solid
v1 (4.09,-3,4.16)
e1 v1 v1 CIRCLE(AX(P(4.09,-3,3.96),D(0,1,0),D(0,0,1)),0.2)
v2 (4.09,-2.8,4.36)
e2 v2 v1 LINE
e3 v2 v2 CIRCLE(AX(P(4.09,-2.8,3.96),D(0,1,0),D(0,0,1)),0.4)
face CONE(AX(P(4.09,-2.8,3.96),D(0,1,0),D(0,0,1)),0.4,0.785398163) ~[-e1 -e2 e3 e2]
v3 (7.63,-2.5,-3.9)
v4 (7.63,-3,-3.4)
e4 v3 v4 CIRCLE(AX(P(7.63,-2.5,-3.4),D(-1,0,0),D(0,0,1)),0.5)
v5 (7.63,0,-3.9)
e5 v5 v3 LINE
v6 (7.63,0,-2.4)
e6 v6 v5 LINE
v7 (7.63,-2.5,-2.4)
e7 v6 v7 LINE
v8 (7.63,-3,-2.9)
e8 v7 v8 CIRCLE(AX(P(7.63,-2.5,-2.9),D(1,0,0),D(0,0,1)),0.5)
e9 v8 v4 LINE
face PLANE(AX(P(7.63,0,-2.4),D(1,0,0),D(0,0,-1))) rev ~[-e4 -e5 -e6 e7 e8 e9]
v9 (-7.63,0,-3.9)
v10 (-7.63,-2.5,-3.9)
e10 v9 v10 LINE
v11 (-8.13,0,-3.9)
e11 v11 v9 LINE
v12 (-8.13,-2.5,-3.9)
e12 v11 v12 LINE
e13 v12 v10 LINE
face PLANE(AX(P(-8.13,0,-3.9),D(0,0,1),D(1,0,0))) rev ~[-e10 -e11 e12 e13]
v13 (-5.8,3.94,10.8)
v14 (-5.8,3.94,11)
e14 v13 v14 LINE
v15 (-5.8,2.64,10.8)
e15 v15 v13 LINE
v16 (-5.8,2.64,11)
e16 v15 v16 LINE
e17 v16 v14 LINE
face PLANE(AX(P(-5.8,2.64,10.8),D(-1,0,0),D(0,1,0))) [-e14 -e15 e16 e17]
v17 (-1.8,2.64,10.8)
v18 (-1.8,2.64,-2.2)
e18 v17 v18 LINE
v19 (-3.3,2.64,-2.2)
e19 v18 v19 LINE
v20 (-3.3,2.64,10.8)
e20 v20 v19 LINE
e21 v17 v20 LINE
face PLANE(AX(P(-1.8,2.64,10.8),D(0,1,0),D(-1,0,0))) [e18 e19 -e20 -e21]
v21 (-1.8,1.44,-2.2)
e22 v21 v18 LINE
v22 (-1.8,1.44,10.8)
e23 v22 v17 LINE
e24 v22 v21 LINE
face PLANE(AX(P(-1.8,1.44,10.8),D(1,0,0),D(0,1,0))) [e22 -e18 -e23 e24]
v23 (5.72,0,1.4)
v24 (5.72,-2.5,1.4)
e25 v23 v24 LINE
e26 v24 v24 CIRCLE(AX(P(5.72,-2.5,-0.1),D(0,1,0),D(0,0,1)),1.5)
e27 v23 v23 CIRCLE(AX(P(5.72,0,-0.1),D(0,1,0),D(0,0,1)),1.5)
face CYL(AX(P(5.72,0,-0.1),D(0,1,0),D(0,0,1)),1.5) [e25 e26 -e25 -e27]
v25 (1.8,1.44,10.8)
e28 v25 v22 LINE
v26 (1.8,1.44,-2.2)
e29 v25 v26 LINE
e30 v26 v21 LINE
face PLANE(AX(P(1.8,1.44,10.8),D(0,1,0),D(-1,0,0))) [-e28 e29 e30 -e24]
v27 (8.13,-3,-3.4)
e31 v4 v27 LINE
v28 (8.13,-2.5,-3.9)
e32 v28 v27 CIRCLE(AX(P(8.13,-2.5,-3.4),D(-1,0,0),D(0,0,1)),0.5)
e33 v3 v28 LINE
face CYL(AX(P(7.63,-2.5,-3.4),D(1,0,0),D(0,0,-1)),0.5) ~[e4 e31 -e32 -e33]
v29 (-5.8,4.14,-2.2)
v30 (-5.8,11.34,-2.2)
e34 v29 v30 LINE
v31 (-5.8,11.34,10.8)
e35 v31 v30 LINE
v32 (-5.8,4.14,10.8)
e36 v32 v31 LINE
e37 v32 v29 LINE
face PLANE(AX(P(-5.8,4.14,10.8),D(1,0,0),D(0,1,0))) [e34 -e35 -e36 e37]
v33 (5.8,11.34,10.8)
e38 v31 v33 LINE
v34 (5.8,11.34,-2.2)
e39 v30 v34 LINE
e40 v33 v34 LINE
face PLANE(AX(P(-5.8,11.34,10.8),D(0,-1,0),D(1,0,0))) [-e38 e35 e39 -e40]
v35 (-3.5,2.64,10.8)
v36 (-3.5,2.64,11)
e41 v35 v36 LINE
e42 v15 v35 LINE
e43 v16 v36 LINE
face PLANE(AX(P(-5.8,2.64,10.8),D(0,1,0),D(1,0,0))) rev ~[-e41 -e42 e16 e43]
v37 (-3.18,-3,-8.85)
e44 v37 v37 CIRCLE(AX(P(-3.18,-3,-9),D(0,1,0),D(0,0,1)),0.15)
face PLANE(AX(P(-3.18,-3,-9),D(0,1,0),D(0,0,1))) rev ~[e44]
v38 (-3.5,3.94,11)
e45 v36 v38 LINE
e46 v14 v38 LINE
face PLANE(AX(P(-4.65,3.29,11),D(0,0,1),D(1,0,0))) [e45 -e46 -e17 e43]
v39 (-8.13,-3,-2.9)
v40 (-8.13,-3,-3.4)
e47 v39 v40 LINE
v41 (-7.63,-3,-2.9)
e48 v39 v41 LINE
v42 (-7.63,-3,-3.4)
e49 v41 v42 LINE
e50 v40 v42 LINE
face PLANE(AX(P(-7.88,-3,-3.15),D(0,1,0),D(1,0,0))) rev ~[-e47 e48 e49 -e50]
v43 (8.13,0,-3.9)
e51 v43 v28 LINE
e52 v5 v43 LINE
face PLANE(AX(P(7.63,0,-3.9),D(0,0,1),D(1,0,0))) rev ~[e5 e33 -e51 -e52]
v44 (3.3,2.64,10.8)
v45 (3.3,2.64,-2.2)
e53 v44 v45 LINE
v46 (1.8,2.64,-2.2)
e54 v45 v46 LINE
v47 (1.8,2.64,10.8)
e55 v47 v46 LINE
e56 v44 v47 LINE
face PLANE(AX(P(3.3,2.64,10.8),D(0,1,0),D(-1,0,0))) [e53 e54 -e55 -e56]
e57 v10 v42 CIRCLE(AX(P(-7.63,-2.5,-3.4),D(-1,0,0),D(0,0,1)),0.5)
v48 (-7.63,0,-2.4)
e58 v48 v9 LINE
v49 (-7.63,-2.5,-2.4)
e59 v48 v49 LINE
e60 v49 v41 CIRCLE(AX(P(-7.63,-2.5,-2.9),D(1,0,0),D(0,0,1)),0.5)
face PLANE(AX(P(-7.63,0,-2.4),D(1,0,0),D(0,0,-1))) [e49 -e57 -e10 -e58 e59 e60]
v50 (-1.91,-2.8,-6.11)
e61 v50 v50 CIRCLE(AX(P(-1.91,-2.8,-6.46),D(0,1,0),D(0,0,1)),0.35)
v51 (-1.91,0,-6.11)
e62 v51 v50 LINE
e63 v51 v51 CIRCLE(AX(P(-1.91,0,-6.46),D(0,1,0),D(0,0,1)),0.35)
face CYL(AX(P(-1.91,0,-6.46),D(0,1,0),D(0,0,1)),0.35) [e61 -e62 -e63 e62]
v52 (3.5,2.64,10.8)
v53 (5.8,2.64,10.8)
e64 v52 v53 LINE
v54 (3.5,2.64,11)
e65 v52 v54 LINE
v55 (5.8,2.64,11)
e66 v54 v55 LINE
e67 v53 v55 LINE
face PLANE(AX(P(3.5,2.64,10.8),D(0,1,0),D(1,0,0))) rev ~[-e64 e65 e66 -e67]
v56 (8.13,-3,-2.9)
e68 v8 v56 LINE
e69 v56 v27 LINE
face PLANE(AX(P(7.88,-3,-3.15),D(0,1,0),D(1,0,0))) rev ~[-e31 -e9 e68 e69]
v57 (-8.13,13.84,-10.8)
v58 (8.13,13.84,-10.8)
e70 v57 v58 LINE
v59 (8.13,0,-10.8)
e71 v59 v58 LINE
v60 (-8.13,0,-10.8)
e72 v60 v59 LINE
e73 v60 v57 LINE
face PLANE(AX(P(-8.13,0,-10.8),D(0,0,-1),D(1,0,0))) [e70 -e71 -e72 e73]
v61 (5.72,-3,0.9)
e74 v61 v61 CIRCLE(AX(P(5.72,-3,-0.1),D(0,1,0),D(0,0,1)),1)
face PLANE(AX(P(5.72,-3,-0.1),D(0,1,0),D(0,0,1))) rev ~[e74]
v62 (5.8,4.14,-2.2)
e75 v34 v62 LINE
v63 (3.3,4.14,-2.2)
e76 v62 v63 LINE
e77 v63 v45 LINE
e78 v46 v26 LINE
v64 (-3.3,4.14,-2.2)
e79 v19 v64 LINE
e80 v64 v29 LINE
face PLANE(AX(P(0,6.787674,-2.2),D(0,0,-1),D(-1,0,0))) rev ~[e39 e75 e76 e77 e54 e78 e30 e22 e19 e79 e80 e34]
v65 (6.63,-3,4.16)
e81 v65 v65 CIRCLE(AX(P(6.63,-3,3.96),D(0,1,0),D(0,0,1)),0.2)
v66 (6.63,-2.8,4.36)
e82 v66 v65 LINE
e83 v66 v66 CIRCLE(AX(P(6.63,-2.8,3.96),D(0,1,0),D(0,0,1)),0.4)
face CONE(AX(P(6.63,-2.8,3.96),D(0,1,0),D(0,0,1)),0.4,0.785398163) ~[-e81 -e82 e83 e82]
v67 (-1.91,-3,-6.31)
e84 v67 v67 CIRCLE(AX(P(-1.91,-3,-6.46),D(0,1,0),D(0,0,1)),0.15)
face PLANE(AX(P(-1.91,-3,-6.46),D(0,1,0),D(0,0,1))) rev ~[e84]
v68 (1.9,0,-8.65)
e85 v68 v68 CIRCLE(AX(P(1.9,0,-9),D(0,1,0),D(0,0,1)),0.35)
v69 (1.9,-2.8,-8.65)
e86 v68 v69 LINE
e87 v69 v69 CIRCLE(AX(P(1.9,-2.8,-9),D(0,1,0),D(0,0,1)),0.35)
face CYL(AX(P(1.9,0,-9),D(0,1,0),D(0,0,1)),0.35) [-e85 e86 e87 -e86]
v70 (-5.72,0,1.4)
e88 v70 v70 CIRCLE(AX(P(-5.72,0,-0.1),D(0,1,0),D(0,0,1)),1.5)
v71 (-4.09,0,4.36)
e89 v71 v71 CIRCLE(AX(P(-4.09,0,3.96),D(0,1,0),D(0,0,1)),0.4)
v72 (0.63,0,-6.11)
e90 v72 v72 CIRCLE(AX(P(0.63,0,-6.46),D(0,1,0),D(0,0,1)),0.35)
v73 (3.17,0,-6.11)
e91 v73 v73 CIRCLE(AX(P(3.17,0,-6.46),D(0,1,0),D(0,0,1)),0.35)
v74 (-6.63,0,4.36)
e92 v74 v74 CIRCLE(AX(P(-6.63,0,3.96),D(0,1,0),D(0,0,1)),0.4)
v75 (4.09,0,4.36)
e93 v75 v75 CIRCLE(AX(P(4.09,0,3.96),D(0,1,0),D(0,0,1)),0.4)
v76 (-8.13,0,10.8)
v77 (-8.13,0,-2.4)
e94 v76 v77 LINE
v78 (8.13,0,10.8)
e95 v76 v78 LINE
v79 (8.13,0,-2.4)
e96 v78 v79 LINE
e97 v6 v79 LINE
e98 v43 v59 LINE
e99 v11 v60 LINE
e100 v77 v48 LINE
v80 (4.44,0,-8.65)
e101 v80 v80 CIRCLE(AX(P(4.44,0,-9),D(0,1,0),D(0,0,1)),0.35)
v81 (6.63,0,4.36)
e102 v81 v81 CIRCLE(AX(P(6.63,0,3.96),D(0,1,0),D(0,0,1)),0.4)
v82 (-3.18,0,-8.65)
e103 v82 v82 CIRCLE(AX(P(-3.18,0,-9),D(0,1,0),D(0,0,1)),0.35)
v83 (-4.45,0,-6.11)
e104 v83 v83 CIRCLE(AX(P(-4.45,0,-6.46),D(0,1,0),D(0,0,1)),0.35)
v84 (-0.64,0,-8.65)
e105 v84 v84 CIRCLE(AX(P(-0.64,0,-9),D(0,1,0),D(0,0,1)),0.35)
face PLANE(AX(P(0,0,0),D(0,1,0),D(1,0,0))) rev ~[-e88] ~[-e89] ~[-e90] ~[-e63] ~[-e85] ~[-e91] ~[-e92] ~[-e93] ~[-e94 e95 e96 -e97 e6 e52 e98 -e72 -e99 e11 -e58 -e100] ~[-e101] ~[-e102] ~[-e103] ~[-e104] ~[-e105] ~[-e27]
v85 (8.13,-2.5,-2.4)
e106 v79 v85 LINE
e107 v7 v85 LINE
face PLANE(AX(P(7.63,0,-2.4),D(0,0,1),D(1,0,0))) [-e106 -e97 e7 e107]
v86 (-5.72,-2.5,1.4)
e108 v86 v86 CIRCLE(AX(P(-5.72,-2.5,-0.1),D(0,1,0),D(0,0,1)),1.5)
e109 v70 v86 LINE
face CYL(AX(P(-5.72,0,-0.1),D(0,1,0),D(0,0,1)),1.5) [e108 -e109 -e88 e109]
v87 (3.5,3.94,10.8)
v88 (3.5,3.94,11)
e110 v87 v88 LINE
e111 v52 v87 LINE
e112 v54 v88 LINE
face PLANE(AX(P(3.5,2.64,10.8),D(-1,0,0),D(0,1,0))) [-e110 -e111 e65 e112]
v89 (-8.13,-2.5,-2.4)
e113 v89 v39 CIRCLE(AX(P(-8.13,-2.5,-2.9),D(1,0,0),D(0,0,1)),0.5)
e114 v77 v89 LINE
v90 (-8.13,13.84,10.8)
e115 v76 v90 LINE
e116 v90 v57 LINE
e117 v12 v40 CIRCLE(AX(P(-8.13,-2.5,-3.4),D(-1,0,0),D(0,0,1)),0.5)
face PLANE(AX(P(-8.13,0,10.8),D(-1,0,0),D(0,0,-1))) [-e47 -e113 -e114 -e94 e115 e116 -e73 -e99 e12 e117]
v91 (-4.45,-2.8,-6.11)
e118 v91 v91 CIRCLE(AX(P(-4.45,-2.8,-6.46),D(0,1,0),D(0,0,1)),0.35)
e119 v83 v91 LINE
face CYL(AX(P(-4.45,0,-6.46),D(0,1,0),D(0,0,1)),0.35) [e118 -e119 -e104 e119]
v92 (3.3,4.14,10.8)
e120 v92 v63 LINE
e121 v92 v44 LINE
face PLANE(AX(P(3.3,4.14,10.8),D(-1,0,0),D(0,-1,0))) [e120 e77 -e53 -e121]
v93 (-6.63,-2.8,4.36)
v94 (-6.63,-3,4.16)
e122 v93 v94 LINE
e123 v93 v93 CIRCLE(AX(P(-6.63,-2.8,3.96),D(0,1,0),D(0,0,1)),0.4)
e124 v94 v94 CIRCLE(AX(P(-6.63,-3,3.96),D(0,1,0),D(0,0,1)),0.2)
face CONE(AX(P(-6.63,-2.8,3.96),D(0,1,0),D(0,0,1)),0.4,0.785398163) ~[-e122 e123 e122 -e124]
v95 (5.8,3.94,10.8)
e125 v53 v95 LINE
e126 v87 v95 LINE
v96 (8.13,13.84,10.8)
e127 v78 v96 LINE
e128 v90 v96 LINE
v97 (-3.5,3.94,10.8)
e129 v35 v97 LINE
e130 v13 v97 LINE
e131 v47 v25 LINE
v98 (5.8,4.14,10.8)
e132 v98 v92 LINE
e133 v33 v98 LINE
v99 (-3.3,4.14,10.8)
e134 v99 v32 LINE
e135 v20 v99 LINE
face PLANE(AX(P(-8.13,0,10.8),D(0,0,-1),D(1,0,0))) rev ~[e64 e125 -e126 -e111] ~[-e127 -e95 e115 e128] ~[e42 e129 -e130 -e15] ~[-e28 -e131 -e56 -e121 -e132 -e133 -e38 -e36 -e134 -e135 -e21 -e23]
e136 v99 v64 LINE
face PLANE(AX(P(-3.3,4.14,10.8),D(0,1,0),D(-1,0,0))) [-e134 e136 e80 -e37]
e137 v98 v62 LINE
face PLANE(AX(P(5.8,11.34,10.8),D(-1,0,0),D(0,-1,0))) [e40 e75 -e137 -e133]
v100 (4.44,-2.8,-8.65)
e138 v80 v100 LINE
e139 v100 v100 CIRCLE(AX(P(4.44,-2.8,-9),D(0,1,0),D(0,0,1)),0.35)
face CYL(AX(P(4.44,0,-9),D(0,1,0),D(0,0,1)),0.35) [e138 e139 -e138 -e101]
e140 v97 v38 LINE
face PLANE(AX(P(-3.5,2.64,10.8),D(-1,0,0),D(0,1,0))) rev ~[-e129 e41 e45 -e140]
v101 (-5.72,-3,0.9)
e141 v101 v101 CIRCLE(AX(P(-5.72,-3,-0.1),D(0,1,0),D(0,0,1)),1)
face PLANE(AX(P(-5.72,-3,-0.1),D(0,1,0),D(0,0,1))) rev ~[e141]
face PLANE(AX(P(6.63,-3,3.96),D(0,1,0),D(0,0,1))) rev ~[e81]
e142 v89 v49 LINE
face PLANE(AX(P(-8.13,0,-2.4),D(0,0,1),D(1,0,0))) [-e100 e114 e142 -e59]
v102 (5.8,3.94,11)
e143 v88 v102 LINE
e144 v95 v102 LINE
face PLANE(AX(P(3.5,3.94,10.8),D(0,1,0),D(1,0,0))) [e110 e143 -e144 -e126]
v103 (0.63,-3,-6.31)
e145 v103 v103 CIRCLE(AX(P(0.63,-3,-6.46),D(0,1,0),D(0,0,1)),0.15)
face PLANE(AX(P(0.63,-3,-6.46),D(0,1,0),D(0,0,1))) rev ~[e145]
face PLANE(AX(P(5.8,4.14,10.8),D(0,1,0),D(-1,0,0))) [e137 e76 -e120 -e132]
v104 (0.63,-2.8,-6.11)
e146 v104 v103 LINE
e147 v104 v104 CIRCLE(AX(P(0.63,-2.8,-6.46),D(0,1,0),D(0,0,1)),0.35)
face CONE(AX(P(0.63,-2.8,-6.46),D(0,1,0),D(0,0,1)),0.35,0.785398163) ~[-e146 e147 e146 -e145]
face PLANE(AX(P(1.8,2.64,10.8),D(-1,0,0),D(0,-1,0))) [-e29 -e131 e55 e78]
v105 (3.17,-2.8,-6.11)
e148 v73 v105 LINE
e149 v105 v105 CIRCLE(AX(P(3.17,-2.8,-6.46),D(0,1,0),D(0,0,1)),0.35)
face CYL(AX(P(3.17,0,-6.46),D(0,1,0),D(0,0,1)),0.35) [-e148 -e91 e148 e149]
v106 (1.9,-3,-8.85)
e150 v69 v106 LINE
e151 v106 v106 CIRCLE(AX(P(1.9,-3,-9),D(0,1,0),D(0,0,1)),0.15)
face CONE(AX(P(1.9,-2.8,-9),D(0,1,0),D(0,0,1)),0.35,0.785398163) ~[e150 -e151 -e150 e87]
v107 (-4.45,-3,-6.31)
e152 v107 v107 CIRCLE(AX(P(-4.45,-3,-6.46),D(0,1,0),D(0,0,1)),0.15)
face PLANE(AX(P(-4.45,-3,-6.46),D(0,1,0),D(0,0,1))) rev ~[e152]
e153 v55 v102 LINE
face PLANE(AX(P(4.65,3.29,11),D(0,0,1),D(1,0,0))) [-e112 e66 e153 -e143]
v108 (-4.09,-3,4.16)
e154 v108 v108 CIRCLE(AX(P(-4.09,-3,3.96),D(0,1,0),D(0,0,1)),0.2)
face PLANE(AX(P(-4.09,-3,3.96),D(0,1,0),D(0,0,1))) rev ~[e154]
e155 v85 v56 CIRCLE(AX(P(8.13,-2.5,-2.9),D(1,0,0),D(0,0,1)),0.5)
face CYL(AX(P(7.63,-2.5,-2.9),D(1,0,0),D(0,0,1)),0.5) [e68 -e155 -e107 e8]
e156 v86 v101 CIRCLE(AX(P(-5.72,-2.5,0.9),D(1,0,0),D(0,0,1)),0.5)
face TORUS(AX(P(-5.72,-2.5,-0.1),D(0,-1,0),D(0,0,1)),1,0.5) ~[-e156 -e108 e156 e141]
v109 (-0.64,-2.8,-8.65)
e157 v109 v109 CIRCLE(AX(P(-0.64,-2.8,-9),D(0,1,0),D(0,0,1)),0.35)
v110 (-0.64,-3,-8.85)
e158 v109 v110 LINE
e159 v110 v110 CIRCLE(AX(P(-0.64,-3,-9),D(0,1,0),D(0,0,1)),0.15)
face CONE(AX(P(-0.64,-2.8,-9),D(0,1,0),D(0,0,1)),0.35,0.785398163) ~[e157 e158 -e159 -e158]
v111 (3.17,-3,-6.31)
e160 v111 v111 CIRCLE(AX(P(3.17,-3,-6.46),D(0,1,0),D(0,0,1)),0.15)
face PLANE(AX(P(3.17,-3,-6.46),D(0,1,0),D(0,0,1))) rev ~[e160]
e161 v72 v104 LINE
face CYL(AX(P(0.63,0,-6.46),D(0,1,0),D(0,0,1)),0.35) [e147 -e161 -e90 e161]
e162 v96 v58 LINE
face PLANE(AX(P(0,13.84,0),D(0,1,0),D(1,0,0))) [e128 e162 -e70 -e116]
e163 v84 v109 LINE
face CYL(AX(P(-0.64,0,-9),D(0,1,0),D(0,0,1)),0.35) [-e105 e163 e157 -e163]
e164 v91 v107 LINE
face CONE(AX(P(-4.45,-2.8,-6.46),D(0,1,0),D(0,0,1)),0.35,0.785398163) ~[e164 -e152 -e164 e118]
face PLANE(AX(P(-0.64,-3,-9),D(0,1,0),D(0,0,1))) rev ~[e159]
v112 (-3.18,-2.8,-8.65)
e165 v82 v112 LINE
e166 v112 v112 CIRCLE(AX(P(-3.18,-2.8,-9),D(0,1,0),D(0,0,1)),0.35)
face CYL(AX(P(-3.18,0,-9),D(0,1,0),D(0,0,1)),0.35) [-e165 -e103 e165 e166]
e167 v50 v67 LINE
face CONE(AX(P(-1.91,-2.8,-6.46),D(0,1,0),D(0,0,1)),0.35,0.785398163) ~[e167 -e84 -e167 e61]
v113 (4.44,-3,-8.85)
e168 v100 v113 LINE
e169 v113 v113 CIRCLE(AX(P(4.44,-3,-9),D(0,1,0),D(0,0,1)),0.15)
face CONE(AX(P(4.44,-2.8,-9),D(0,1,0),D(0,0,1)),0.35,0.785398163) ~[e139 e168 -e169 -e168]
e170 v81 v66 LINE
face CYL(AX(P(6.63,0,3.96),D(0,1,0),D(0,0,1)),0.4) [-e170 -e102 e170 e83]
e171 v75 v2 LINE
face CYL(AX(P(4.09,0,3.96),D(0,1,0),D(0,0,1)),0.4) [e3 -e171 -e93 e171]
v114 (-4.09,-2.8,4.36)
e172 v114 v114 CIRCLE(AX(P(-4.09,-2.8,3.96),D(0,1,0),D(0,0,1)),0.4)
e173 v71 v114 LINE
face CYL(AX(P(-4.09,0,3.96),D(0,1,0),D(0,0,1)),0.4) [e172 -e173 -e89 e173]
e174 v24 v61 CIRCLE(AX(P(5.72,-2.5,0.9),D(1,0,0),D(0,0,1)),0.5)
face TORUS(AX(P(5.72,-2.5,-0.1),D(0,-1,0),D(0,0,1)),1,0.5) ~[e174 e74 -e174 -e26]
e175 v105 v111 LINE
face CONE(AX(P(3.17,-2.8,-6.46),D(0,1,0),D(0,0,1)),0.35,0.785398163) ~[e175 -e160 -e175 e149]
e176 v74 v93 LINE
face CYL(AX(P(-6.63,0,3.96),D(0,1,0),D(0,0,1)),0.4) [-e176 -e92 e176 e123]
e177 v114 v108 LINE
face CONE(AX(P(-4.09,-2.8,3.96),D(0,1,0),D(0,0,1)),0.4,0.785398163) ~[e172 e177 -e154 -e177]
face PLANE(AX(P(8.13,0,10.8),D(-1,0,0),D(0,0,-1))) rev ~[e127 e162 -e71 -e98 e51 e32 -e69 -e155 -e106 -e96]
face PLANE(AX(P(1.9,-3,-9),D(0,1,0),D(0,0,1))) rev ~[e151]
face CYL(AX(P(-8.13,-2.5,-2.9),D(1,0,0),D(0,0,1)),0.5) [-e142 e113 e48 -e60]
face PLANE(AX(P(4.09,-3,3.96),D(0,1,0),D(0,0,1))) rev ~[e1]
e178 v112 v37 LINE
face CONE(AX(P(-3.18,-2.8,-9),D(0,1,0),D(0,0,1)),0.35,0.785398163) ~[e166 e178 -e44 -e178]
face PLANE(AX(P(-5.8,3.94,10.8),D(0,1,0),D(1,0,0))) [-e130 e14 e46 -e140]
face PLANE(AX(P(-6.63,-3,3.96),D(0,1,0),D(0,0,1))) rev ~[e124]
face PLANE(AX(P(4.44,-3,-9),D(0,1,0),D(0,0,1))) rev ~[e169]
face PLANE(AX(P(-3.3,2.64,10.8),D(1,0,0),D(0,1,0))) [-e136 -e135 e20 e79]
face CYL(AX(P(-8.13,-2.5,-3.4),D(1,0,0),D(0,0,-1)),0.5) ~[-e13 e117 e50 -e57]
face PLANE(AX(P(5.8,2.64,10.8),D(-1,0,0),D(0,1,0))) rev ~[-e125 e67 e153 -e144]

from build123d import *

# Parameters (mm, degrees)
SKETCH_1_W             = 16.26
SKETCH_1_H             = 21.6
EXTRUDE_1_DEPTH        = 13.84
SKETCH_2_R             = 1.5
EXTRUDE_2_DEPTH        = 3
FILLET_1_R             = 0.5
SKETCH_3_W             = 0.5
SKETCH_3_H             = 1.5
EXTRUDE_3_DEPTH        = 3
FILLET_2_R             = 0.5
SKETCH_4_R             = 0.4
EXTRUDE_4_DEPTH        = 3
SKETCH_5_R             = 0.35
EXTRUDE_5_DEPTH        = 3
PATTERN_LINEAR_1_COUNT = 4
PATTERN_LINEAR_1_PITCH = 2.54
CHAMFER_1_SIZE         = 0.2
CUT_EXTRUDE_1_DEPTH    = 13
SKETCH_7_W             = 2.3
SKETCH_7_H             = 1.3
EXTRUDE_6_DEPTH        = 0.2
SKETCH_8_W             = 2.3
SKETCH_8_H             = 1.3
EXTRUDE_7_DEPTH        = 0.2


with BuildPart() as part:
    # Эскиз1 → Бобышка-Вытянуть1 (new body)
    with BuildSketch(Plane(origin=(0, 0, 0), x_dir=(1, 0, 0), z_dir=(0, 1, 0))):
        Rectangle(SKETCH_1_W, SKETCH_1_H)
    extrude(amount=EXTRUDE_1_DEPTH)

    # Эскиз2 → Бобышка-Вытянуть2 (add)
    with BuildSketch(Plane(origin=(0, 0, 0), x_dir=(1, 0, 0), z_dir=(0, 1, 0))):
        with Locations(Location((5.72, 0.1, 0), (0, 0, 270))):
            Circle(SKETCH_2_R)
        with Locations(Location((-5.72, 0.1, 0), (0, 0, 270))):
            Circle(SKETCH_2_R)
    extrude(amount=-EXTRUDE_2_DEPTH)

    # Скругление1
    fillet_1_edges = [part.edges().sort_by_distance(p)[0] for p in [
        (5.72, -3, -1.6),
        (-5.72, -3, -1.6),
    ]]
    fillet(fillet_1_edges, radius=FILLET_1_R)

    # Эскиз3 → Бобышка-Вытянуть3 (add)
    with BuildSketch(Plane(origin=(0, 0, 0), x_dir=(1, 0, 0), z_dir=(0, 1, 0))):
        with Locations((-7.88, 3.15)):
            Rectangle(SKETCH_3_W, SKETCH_3_H)
        with Locations((7.88, 3.15)):
            Rectangle(SKETCH_3_W, SKETCH_3_H)
    extrude(amount=-EXTRUDE_3_DEPTH)

    # Скругление2
    fillet_2_edges = [part.edges().sort_by_distance(p)[0] for p in [
        (-7.88, -3, -2.4),
        (-7.88, -3, -3.9),
        (7.88, -3, -2.4),
        (7.88, -3, -3.9),
    ]]
    fillet(fillet_2_edges, radius=FILLET_2_R)

    # Эскиз4 → Бобышка-Вытянуть4 (add)
    with BuildSketch(Plane(origin=(0, 0, 0), x_dir=(1, 0, 0), z_dir=(0, 1, 0))):
        with Locations(Location((-6.63, -3.96, 0), (0, 0, 270))):
            Circle(SKETCH_4_R)
        with Locations(Location((-4.09, -3.96, 0), (0, 0, 270))):
            Circle(SKETCH_4_R)
        with Locations(Location((4.09, -3.96, 0), (0, 0, 270))):
            Circle(SKETCH_4_R)
        with Locations(Location((6.63, -3.96, 0), (0, 0, 270))):
            Circle(SKETCH_4_R)
    extrude(amount=-EXTRUDE_4_DEPTH)

    # Эскиз5 → Бобышка-Вытянуть5 (add)
    with BuildSketch(Plane(origin=(0, 0, 0), x_dir=(1, 0, 0), z_dir=(0, 1, 0))):
        with Locations(Location((-4.45, 6.46, 0), (0, 0, 270))):
            Circle(SKETCH_5_R)
        with Locations(Location((-3.18, 9, 0), (0, 0, 270))):
            Circle(SKETCH_5_R)
    extrude_5 = extrude(amount=-EXTRUDE_5_DEPTH)

    # Линейный массив1: Бобышка-Вытянуть5 ×4
    with Locations(*[(i * PATTERN_LINEAR_1_PITCH, 0, 0) for i in range(1, PATTERN_LINEAR_1_COUNT)]):
        add(extrude_5)

    # Фаска1
    chamfer_1_edges = [part.edges().sort_by_distance(p)[0] for p in [
        (-0.64, -3, -9.35),
        (1.9, -3, -9.35),
        (4.44, -3, -9.35),
        (-1.91, -3, -6.81),
        (0.63, -3, -6.81),
        (3.17, -3, -6.81),
        (-6.63, -3, 3.56),
        (-4.09, -3, 3.56),
        (4.09, -3, 3.56),
        (6.63, -3, 3.56),
        (-4.45, -3, -6.81),
        (-3.18, -3, -9.35),
    ]]
    chamfer(chamfer_1_edges, length=CHAMFER_1_SIZE)

    # Эскиз6 → Вырез-Вытянуть1 (cut)
    with BuildSketch(Plane.XY.offset(10.8)):
        Polygon((-5.8, 11.34), (5.8, 11.34), (5.8, 4.14), (3.3, 4.14), (3.3, 2.64), (1.8, 2.64), (1.8, 1.44), (-1.8, 1.44), (-1.8, 2.64), (-3.3, 2.64), (-3.3, 4.14), (-5.8, 4.14), align=None)
    extrude(amount=-CUT_EXTRUDE_1_DEPTH, mode=Mode.SUBTRACT)

    # Эскиз7 → Бобышка-Вытянуть6 (add)
    with BuildSketch(Plane.XY.offset(10.8)):
        with Locations((-4.65, 3.29)):
            Rectangle(SKETCH_7_W, SKETCH_7_H)
    extrude(amount=EXTRUDE_6_DEPTH)

    # Эскиз8 → Бобышка-Вытянуть7 (add)
    with BuildSketch(Plane.XY.offset(10.8)):
        with Locations((4.65, 3.29)):
            Rectangle(SKETCH_8_W, SKETCH_8_H)
    extrude(amount=EXTRUDE_7_DEPTH)


solid = part.part
